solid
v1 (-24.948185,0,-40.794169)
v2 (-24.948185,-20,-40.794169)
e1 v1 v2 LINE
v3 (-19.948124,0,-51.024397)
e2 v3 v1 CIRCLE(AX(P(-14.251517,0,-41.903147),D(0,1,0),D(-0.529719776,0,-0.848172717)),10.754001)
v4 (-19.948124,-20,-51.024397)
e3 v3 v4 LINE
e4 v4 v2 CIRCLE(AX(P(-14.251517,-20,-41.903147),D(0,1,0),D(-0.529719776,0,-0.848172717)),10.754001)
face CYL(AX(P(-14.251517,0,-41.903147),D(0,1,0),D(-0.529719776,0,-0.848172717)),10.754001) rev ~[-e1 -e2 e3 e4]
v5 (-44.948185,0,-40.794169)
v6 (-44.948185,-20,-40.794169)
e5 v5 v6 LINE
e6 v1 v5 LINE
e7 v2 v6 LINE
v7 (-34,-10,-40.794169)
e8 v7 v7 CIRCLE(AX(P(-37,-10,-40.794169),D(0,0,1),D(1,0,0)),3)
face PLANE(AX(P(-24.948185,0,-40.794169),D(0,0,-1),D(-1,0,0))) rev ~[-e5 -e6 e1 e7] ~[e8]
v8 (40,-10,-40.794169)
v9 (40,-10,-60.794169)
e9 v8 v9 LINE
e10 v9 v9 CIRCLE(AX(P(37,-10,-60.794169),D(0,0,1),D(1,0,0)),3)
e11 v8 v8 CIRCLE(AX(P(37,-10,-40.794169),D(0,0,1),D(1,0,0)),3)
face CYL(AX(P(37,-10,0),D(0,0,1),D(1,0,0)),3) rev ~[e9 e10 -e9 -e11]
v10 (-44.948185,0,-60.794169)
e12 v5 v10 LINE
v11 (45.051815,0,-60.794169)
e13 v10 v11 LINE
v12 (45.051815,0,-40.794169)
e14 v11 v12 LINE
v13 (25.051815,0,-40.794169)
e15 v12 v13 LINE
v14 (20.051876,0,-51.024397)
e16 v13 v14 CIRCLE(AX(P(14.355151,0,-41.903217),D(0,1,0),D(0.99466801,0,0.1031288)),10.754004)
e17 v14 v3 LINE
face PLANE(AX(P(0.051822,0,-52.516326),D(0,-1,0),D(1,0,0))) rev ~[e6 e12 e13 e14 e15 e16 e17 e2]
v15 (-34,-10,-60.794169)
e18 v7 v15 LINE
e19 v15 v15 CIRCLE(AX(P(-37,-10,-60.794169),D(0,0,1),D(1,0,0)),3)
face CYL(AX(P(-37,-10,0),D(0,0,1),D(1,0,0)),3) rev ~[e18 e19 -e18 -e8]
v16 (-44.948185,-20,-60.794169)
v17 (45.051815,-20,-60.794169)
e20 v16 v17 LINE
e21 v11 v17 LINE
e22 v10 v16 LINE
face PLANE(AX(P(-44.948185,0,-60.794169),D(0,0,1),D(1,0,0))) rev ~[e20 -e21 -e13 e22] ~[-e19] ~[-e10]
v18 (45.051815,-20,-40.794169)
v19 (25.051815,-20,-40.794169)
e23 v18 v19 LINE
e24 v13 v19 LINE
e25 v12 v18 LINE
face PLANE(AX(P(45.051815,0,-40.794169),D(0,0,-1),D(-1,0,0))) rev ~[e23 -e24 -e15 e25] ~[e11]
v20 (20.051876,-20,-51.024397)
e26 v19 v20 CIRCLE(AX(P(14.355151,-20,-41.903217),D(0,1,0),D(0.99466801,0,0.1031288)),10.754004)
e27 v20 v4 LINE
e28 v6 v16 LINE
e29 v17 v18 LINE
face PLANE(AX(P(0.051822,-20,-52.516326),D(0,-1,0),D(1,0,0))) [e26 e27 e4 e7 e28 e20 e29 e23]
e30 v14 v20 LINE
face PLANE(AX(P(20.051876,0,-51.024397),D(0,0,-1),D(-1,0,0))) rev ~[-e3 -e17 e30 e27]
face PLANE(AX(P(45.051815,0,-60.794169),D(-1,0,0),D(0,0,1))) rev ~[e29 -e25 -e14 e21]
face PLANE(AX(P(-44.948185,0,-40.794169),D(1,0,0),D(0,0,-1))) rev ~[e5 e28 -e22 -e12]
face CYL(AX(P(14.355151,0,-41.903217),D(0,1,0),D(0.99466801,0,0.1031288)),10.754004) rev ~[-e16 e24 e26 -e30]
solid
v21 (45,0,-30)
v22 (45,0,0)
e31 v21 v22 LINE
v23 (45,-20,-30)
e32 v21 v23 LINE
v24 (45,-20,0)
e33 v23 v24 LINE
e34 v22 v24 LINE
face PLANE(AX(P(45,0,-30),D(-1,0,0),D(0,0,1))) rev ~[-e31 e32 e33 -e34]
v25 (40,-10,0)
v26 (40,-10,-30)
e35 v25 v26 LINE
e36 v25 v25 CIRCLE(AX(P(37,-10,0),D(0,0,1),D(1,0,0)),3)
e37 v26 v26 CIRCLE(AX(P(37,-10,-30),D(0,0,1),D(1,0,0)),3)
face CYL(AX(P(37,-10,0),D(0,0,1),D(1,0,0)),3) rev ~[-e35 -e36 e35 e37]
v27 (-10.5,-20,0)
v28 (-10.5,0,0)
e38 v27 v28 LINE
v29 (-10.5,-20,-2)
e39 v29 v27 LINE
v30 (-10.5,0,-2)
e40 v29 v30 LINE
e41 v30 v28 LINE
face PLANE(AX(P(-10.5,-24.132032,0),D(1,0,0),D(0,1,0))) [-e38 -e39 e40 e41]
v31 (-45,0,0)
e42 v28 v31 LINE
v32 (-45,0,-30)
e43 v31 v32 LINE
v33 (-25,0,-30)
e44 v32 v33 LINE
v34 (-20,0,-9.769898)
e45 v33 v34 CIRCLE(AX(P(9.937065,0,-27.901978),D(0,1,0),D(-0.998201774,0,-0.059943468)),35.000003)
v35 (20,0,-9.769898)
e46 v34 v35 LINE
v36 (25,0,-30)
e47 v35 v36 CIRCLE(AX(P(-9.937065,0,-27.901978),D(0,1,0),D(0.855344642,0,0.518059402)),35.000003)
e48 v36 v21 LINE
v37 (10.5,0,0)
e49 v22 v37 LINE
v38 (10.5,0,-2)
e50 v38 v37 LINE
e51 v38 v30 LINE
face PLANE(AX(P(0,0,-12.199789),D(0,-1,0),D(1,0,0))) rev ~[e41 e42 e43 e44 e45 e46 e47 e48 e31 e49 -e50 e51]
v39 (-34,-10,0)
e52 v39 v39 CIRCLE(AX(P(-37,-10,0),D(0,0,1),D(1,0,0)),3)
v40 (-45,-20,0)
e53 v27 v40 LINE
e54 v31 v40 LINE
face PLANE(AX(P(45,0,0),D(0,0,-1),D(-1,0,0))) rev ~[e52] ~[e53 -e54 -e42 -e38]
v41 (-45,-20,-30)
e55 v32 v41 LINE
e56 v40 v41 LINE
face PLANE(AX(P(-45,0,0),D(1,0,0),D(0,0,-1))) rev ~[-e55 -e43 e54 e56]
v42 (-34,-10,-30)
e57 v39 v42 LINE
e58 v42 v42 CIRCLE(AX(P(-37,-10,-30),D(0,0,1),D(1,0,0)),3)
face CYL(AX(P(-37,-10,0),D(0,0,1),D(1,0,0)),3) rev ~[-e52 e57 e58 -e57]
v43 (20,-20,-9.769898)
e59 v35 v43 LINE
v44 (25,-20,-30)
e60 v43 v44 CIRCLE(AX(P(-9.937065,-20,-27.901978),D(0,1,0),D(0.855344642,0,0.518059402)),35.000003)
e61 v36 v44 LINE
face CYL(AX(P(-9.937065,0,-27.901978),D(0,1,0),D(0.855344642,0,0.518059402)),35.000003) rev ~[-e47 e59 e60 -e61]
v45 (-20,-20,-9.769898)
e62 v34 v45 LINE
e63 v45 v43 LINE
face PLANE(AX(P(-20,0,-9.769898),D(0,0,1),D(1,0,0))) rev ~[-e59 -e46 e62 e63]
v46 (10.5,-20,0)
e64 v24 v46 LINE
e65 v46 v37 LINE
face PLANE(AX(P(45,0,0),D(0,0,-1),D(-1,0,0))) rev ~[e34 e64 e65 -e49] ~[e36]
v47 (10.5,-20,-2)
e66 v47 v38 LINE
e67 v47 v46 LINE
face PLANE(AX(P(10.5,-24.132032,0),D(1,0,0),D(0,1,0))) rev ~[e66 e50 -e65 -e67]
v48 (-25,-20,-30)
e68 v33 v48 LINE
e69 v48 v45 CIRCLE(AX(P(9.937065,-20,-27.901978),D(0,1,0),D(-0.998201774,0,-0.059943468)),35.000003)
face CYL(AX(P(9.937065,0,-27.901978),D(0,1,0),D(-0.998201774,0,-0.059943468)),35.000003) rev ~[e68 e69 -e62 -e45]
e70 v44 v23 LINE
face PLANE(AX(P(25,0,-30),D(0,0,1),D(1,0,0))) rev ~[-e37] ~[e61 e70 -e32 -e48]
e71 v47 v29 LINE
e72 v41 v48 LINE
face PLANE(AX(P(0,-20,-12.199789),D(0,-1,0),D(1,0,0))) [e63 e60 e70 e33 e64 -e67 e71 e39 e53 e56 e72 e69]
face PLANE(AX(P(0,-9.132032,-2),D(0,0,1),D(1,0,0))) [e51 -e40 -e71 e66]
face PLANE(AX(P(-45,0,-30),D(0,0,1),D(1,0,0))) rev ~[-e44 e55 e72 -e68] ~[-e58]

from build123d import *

# Parameters (mm, degrees)
F1_DEPTH = 20
F3_DEPTH = 20
F4_R     = 3
F5_DEPTH = 150
F6_W     = 21
F6_H     = 30
F7_DEPTH = 2


with BuildPart() as f1:
    # F0 (on Front) → F1 (new body)
    with BuildSketch(Plane.XZ):
        with BuildLine():
            Line((45, 0), (-45, 0))
            Line((-45, 0), (-45, -30))
            Line((-45, -30), (-25, -30))
            ThreePointArc((-25, -30), (-24.040537, -19.504195), (-20, -9.769898))
            Line((-20, -9.769898), (20, -9.769898))
            ThreePointArc((20, -9.769898), (24.040537, -19.504195), (25, -30))
            Line((25, -30), (45, -30))
            Line((45, -30), (45, 0))
        make_face()
    extrude(amount=F1_DEPTH)


with BuildPart() as f3:
    # F2 (on Front) → F3 (new body)
    with BuildSketch(Plane.XZ):
        with BuildLine():
            Line((-44.948185, -60.794169), (45.051815, -60.794169))
            Line((45.051815, -60.794169), (45.051815, -40.794169))
            Line((45.051815, -40.794169), (25.051815, -40.794169))
            ThreePointArc((25.051815, -40.794169), (24.016941, -46.625337), (20.051876, -51.024397))
            Line((20.051876, -51.024397), (-19.948124, -51.024397))
            ThreePointArc((-19.948124, -51.024397), (-23.913259, -46.625358), (-24.948185, -40.794169))
            Line((-24.948185, -40.794169), (-44.948185, -40.794169))
            Line((-44.948185, -40.794169), (-44.948185, -60.794169))
        make_face()
    extrude(amount=F3_DEPTH)


with BuildPart() as f5_tool:
    # F4 (on Top) → F5 (new body)
    with BuildSketch(Plane.XY):
        with Locations((-37, -10)):
            Circle(F4_R)
        with Locations((37, -10)):
            Circle(F4_R)
    extrude(amount=-F5_DEPTH)


with BuildPart() as f1_1:
    add(f1.part)

    # F5: cut by f5_tool
    add(f5_tool.part, mode=Mode.SUBTRACT)

    # F6 (on Top) → F7 (cut)
    with BuildSketch(Plane.XY):
        with Locations((0, -9.132032)):
            Rectangle(F6_W, F6_H)
    extrude(amount=-F7_DEPTH, mode=Mode.SUBTRACT)


with BuildPart() as f3_1:
    add(f3.part)

    # F5: cut by f5_tool
    add(f5_tool.part, mode=Mode.SUBTRACT)


solid = Compound([f1_1.part, f3_1.part])
